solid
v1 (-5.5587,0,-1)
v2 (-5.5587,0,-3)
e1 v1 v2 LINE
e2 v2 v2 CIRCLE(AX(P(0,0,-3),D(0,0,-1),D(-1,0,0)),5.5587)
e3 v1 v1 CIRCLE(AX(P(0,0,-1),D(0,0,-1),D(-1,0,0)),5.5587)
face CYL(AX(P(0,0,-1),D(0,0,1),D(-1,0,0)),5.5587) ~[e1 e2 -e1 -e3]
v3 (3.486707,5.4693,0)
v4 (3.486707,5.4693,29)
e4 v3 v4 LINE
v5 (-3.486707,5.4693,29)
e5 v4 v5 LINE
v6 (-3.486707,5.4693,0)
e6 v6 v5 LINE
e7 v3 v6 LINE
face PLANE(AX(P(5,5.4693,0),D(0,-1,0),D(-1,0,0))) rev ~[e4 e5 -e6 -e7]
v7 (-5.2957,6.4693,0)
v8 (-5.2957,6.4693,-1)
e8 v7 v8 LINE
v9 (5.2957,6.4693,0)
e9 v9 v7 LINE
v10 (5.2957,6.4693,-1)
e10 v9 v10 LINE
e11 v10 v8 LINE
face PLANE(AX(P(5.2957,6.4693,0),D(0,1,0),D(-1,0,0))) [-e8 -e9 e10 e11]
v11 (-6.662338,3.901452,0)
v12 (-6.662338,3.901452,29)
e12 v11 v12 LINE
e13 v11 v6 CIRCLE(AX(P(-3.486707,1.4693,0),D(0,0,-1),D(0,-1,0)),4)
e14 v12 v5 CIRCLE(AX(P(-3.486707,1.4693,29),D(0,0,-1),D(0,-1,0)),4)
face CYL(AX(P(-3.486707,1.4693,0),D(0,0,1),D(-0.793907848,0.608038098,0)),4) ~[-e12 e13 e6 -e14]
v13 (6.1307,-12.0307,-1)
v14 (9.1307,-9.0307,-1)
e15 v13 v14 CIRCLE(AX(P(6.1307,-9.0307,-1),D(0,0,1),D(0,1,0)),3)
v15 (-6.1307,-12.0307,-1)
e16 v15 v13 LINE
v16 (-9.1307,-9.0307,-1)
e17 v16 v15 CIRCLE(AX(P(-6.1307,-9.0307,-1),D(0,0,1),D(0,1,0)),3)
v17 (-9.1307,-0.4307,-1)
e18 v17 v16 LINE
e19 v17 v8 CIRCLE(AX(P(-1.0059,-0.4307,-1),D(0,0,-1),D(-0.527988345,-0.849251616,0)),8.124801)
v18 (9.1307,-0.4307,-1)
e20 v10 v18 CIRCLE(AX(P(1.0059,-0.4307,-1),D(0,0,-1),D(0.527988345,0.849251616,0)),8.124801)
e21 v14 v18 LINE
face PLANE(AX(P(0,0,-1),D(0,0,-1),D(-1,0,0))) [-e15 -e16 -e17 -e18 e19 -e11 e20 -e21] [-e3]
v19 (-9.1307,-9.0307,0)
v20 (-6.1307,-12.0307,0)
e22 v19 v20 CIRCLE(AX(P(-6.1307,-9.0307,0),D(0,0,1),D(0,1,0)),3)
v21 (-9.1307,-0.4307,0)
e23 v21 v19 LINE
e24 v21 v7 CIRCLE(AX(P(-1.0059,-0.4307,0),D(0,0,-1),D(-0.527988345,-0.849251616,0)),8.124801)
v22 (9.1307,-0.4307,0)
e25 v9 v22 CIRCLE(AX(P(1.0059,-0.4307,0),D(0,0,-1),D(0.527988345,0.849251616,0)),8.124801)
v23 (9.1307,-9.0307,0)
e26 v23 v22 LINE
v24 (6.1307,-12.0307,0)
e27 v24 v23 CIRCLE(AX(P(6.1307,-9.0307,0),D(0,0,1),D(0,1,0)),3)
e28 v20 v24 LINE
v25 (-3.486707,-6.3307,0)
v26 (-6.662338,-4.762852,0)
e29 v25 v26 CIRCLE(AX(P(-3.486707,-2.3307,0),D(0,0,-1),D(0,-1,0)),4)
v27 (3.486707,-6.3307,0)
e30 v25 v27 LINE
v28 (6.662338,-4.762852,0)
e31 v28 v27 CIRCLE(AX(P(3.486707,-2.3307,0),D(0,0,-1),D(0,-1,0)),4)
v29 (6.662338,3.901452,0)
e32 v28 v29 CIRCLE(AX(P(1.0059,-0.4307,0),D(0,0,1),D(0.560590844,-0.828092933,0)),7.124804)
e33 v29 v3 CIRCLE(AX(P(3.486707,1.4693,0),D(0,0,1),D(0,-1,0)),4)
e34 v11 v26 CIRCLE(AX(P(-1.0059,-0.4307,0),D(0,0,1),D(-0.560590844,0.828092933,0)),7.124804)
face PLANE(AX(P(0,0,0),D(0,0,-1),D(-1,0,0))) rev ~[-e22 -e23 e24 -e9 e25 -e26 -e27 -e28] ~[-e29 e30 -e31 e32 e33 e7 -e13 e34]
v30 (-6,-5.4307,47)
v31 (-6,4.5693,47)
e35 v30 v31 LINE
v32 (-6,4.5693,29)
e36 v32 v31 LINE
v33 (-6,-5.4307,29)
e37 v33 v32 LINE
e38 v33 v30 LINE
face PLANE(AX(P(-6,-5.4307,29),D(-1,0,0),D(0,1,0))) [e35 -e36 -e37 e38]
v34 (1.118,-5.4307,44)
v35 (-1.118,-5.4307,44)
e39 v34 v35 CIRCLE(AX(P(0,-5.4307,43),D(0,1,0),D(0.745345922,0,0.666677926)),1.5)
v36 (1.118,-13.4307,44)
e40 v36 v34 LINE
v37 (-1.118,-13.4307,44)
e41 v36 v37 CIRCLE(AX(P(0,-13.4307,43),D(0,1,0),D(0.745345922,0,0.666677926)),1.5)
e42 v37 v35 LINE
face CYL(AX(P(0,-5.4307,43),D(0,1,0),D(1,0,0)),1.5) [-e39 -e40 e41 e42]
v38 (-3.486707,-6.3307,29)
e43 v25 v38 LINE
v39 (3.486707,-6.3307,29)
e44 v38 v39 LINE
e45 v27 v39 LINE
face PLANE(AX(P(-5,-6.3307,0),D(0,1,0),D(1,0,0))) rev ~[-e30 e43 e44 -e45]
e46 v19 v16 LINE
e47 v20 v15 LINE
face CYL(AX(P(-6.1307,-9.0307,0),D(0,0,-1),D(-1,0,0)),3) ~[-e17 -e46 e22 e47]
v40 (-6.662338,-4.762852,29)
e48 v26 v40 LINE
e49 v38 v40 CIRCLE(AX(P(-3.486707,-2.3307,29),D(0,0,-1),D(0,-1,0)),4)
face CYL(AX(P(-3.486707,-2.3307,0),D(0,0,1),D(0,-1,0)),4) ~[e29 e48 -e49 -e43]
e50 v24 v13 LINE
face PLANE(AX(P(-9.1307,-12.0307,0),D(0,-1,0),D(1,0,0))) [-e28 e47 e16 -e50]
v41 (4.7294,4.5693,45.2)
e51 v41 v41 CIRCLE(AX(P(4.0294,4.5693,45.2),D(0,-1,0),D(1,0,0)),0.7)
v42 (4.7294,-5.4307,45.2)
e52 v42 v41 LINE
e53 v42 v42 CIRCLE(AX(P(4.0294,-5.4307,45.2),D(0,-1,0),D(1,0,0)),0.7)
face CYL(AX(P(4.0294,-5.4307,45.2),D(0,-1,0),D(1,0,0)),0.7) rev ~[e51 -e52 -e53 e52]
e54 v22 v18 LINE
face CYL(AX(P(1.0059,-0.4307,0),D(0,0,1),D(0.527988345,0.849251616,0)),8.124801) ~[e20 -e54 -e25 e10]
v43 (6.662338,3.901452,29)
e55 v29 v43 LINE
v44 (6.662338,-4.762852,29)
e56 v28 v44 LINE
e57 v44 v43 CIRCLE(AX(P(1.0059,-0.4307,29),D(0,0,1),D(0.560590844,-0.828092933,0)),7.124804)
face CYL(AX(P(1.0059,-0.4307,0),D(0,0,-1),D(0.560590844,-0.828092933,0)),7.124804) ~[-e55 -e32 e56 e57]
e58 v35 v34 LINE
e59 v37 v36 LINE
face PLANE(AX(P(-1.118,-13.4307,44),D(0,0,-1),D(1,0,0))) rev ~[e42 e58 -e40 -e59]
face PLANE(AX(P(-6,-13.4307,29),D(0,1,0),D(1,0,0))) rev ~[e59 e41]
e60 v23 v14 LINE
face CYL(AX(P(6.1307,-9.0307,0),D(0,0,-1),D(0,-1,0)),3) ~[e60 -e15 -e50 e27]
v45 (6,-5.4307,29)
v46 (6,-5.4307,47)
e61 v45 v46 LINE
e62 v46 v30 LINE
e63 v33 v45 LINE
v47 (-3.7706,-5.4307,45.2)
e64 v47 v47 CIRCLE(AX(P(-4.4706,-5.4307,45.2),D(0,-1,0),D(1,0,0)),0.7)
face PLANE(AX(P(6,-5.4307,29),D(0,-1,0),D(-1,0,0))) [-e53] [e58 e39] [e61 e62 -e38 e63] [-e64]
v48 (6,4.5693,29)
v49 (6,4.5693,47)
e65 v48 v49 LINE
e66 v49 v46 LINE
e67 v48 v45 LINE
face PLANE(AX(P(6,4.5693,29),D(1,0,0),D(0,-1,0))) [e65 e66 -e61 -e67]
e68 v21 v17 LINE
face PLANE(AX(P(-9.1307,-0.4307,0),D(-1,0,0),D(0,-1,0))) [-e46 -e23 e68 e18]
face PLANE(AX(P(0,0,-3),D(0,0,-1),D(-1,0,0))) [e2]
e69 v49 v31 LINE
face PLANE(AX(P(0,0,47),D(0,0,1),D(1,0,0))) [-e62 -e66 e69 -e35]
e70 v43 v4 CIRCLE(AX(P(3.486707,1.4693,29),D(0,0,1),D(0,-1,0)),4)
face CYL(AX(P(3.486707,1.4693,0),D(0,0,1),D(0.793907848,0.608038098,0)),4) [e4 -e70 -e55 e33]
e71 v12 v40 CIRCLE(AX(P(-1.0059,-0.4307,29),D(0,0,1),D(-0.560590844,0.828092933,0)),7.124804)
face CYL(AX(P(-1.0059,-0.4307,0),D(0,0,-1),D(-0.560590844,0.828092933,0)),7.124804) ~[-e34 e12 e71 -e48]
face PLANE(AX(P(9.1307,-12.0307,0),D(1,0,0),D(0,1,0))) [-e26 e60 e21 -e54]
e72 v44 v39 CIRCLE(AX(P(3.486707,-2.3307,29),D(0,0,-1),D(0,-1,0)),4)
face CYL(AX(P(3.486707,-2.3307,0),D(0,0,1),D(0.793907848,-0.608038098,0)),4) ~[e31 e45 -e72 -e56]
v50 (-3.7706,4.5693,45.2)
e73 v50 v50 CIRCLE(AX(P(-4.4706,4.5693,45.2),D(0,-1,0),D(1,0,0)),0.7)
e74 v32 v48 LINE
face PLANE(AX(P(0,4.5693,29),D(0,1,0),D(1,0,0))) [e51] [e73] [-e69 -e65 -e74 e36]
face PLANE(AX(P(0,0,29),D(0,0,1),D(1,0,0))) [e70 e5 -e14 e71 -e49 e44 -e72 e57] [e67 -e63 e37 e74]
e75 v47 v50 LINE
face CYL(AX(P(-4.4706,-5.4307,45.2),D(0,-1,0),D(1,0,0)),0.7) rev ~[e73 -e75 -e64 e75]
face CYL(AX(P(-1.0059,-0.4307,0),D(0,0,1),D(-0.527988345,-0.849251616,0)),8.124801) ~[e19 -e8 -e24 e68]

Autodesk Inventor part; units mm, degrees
ref_plane "YZ Plane" through (0, 0, 0) normal (1, 0, 0) x (0, 1, 0)
ref_plane "XZ Plane" through (0, 0, 0) normal (0, 1, 0) x (-1, 0, 0)
ref_plane "XY Plane" through (0, 0, 0) normal (0, 0, 1) x (1, 0, 0)
sketch "草图1" plane through (0, 0, 0) normal (0, 0, 1) x (1, 0, 0)
  line L0 (-5, 0) -> (5, 0) construction
  line L1 (-5, -6.3307) -> (5, -6.3307)
  line L2 (5, 5.4693) -> (-5, 5.4693)
  arc A0 (-5, 5.4693) -> (-5, -6.3307) centre (-1.0059, -0.4307) ccw
  line L3 (0, 0) -> (0, 3.0217)
  arc A1 (5, -6.3307) -> (5, 5.4693) centre (1.0059, -0.4307) ccw
  line L4 (5, 5.4693) -> (5, -6.3307)
  line L5 (-5, 5.4693) -> (-5, -6.3307)
  point P0 (-10.9, 0)
  point P1 (10.9, 0)
  point P2 (10.9, 0)
  dimension "d0" = 11.8
  dimension "d6" = 10
extrude "拉伸1" add sketch "草图1" along normal blind 29
sketch "草图2" plane through (0, 0, 29) normal (0, 0, 1) x (1, 0, 0)
  line L0 (6, -5.4307) -> (-6, -5.4307)
  line L1 (-6, -5.4307) -> (-6, 4.5693)
  line L2 (-6, 4.5693) -> (6, 4.5693)
  line L3 (6, 4.5693) -> (6, -5.4307)
  line L4 (6, -5.4307) -> (-6, 4.5693) construction
  line L5 (-6, -5.4307) -> (6, 4.5693) construction
  line L6 (5, 5.4693) -> (-5, 5.4693) projected
  line L7 (0, 5.4693) -> (0, -6.3307)
  line L8 (-5, -6.3307) -> (5, -6.3307) projected
  point P0 (0, -0.4307)
  dimension "d4" = 10
  dimension "d5" = 12
extrude "拉伸2" add sketch "草图2" along normal blind 18
sketch "草图3" plane through (0, 0, 0) normal (0, 0, -1) x (-1, 0, 0)
  line L0 (5, -6.3307) -> (-5, -6.3307) projected
  arc A0 (5, -6.3307) -> (5, 5.4693) centre (1.0059, -0.4307) ccw projected
  line L1 (-5, 5.4693) -> (5, 5.4693) projected
  arc A1 (-5, 5.4693) -> (-5, -6.3307) centre (-1.0059, -0.4307) ccw projected
  arc A2 (5.2957, -7.3307) -> (5.2957, 6.4693) centre (1.0059, -0.4307) ccw
  line L2 (5.2957, -7.3307) -> (-5.2957, -7.3307)
  arc A3 (-5.2957, 6.4693) -> (-5.2957, -7.3307) centre (-1.0059, -0.4307) ccw
  line L3 (-5.2957, 6.4693) -> (5.2957, 6.4693)
  line L4 (-9.1307, -0.4307) -> (9.1307, -0.4307)
  line L5 (9.1307, -0.4307) -> (9.1307, -12.0307)
  line L6 (9.1307, -12.0307) -> (-9.1307, -12.0307)
  line L7 (-9.1307, -12.0307) -> (-9.1307, -0.4307)
  point P0 (0, 0)
  dimension "d9" = 1
  dimension "d10" = 18.5
extrude "拉伸3" add sketch "草图3" along normal blind 1
sketch "草图4" plane through (0, 0, -1) normal (0, 0, -1) x (-1, 0, 0)
  circle A0 centre (0, 0) radius 5.5587
extrude "拉伸4" add sketch "草图4" along normal blind 2
sketch "草图5" plane through (-6, -5.4307, 29) normal (0, 1, 0) x (1, 0, 0)
  circle A0 centre (6, -14) radius 1.5
  line L0 (12, -18) -> (0, -18) projected
  point P0 (6, 29)
  dimension "d15" = 4
  dimension "d16" = 3
extrude "拉伸5" add sketch "草图5" against normal blind 8
sketch "草图7" plane through (0, -13.4307, 43) normal (0, -1, 0) x (1, 0, 0)
  circle A0 centre (0, 0) radius 1.5 projected
  line L0 (-1.118, 1) -> (1.118, 1)
  point P0 (0, -43)
  point P1 (0, 1.5)
  dimension "d19" = 0.5
extrude "拉伸6" cut sketch "草图7" against normal up to surface (8 mm away) contours L0 A0 picked at (-0.0599, 1.1631)
fillet "圆角1" radius 4 4 edges at (-5, 5.4693, 14.5) (5, 5.4693, 14.5) (-5, -6.3307, 14.5) (5, -6.3307, 14.5)
fillet "圆角2" radius 3 2 edges at (-9.1307, -12.0307, -0.5) (9.1307, -12.0307, -0.5)
sketch "草图8" plane through (-6, -5.4307, 29) normal (0, -1, 0) x (1, 0, 0)
  circle A0 centre (10.0294, 16.2) radius 0.7
  circle A1 centre (1.5294, 16.2) radius 0.7
  line L0 (0, 18) -> (12, 18) projected
  point P0 (6, -29)
  dimension "d24" = 1.4
  dimension "d25" = 1.4
  dimension "d26" = 8.5
  dimension "d27" = 1.8
extrude "拉伸7" cut sketch "草图8" against normal blind 11.75
properties part number "电机"
